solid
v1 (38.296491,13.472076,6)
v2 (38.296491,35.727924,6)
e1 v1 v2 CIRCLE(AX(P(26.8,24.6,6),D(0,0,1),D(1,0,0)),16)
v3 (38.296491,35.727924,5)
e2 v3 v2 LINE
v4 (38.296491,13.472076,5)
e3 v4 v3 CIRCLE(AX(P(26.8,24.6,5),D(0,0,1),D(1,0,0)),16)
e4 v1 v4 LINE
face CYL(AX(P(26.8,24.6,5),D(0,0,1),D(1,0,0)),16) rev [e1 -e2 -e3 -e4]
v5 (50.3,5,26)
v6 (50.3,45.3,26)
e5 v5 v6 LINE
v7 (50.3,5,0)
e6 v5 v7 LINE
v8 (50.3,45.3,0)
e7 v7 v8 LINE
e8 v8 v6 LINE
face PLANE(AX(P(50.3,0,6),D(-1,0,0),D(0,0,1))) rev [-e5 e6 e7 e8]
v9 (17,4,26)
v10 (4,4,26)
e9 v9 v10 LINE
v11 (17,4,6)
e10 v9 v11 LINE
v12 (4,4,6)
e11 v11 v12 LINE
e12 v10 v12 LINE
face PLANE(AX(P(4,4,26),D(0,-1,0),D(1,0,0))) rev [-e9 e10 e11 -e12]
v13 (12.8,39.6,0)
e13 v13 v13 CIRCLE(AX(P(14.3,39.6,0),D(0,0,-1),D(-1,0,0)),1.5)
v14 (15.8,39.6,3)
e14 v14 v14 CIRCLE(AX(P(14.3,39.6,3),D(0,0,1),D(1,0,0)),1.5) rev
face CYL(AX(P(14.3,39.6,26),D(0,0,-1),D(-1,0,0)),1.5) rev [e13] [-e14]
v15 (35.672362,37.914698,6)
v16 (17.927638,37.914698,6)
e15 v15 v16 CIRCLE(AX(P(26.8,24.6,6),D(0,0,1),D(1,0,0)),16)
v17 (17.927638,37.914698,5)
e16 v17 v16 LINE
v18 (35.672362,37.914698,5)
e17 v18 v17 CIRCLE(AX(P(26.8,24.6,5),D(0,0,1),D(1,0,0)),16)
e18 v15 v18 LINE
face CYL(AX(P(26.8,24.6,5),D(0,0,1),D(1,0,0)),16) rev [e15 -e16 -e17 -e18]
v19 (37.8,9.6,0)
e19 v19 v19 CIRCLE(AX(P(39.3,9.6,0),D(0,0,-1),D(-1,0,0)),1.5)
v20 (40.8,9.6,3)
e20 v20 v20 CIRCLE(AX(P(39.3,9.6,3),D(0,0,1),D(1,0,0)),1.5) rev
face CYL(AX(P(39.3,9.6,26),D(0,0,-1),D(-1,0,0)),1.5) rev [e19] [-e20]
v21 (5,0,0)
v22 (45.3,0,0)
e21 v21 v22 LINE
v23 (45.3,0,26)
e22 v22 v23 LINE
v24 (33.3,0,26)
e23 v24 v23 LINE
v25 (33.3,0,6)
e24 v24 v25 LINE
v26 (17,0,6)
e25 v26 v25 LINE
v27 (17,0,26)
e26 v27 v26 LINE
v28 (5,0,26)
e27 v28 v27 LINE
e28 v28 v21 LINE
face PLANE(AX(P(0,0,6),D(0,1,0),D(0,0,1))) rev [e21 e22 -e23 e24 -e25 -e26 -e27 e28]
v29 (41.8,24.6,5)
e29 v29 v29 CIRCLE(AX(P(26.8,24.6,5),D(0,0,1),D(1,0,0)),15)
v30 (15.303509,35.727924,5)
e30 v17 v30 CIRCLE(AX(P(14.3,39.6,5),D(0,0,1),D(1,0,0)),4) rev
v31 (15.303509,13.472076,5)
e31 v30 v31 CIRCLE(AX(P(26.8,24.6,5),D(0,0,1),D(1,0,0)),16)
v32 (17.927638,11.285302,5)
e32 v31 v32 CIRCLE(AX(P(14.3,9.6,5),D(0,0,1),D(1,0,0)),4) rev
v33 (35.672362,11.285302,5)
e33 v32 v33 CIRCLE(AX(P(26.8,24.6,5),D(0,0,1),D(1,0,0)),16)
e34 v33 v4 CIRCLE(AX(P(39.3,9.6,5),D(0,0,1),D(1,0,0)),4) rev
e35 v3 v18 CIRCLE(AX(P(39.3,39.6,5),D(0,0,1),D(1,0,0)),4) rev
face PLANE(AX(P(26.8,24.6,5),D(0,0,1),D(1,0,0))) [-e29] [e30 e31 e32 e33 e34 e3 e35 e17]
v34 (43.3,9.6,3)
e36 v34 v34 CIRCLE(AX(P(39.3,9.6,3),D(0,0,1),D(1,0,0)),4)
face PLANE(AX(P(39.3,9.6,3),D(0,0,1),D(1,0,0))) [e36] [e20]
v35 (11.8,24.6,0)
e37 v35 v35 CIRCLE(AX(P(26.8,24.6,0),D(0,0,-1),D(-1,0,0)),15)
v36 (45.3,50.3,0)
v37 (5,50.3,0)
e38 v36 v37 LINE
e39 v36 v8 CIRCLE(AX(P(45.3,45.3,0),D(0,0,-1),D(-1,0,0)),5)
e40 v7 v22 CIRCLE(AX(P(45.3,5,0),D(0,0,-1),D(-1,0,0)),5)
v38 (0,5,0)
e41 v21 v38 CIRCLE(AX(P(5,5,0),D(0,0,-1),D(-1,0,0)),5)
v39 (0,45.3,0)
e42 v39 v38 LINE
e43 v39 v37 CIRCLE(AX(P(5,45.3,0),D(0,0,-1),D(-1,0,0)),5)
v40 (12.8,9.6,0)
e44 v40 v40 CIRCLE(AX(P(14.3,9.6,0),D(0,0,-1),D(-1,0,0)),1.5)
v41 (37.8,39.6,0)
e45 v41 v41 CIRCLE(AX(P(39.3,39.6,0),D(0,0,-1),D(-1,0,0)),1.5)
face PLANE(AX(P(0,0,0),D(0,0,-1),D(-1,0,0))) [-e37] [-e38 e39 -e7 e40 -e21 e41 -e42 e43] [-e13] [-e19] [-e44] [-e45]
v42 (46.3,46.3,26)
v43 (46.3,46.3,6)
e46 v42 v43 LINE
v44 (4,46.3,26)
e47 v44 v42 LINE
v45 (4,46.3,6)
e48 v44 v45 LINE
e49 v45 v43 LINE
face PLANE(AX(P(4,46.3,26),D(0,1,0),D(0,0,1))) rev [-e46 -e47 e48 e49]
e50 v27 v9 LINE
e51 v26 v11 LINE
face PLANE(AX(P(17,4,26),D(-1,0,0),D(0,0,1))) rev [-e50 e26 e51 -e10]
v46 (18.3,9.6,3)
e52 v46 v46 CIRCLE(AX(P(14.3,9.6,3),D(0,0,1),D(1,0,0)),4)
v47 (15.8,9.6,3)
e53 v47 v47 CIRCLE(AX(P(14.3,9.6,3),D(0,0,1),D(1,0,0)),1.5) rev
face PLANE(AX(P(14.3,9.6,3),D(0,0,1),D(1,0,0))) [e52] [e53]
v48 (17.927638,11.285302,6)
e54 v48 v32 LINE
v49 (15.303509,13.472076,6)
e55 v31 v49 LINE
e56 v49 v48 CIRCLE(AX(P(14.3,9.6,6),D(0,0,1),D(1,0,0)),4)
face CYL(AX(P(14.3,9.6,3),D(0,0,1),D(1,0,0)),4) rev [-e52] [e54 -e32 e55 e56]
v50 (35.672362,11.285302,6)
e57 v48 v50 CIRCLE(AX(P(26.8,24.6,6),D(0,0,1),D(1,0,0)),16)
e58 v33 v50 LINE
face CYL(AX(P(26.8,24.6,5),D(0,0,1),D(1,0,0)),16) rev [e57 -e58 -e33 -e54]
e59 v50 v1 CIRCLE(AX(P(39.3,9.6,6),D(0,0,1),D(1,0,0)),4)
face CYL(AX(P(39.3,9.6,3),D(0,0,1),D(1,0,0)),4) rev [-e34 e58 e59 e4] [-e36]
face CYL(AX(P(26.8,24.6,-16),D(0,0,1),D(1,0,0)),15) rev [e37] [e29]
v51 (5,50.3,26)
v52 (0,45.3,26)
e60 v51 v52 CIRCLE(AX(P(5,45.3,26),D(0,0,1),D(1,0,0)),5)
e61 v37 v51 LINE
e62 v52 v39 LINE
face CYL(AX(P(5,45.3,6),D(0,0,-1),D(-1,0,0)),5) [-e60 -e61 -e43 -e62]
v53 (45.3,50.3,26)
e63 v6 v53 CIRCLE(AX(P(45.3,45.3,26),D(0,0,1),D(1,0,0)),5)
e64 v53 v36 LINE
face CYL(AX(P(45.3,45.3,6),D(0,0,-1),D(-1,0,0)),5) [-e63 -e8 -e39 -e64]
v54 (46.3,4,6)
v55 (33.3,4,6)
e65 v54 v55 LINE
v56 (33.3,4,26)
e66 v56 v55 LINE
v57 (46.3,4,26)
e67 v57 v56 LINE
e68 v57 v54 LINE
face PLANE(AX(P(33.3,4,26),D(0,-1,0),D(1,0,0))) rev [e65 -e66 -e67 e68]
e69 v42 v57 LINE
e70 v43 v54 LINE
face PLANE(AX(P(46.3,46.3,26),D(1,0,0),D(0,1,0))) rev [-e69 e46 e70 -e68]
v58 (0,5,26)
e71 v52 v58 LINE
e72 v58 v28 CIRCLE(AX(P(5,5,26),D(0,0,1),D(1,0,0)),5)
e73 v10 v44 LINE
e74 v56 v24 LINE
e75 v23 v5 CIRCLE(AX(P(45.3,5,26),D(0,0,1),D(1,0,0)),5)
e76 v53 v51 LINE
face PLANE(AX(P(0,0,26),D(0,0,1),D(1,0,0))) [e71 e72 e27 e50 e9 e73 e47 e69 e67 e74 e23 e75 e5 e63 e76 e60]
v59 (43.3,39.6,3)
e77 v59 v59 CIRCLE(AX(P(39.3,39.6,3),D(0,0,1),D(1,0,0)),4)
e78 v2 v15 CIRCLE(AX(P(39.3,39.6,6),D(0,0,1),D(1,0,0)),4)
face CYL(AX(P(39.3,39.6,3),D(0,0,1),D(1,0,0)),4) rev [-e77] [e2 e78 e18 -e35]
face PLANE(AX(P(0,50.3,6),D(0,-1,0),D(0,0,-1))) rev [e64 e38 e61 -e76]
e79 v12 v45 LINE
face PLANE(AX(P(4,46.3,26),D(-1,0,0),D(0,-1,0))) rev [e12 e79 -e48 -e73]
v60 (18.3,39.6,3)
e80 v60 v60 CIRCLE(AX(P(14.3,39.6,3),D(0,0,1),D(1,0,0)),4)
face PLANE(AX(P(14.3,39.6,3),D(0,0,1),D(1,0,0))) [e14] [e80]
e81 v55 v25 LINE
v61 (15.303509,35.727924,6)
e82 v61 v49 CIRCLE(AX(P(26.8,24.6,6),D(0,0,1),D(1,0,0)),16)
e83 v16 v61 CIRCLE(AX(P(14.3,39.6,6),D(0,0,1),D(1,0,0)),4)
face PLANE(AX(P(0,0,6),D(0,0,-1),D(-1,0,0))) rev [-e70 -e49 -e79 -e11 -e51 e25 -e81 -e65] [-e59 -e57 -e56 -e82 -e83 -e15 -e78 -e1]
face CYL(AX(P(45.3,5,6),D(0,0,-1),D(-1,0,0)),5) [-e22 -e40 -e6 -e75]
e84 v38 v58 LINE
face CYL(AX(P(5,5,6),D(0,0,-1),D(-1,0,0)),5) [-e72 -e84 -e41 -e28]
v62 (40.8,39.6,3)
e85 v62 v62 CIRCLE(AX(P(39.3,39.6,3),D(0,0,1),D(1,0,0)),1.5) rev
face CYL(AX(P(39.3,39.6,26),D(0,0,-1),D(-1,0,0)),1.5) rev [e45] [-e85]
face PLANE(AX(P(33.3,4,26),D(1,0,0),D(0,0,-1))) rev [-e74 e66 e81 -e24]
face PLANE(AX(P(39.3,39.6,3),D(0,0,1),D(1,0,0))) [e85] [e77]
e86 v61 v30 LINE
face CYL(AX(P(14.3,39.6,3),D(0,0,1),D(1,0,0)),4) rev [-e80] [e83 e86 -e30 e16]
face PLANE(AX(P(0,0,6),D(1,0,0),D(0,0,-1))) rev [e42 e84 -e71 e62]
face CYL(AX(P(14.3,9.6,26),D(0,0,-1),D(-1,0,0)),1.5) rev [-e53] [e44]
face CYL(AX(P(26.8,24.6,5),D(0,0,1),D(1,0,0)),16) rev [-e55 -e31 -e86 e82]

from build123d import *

# Parameters (mm, degrees)
ESQUISSE1_W             = 50.3
ESQUISSE1_H             = 50.3
BOSS_EXTRU_1_DEPTH      = 6
BOSS_EXTRU_2_DEPTH      = 20
ESQUISSE3_R             = 1.5
ENL_V_MAT_EXTRU_1_DEPTH = 76.737573238
CONG_2_R                = 5
ESQUISSE4_R             = 4
ENL_V_MAT_EXTRU_2_DEPTH = 3
CONG_6_R                = 5
ESQUISSE5_R             = 16
ENL_V_MAT_EXTRU_3_DEPTH = 1
ESQUISSE6_R             = 15
ENL_V_MAT_EXTRU_4_DEPTH = 21


with BuildPart() as part:
    # Esquisse1 → Boss.-Extru.1 (new body)
    with BuildSketch(Plane.XY):
        with Locations((25.15, 25.15)):
            Rectangle(ESQUISSE1_W, ESQUISSE1_H)
    extrude(amount=BOSS_EXTRU_1_DEPTH)

    # Esquisse2 → Boss.-Extru.2 (add)
    with BuildSketch(Plane.XY.offset(6)):
        Polygon((4, 46.3), (46.3, 46.3), (46.3, 4), (33.3, 4), (33.3, 0), (50.3, 0), (50.3, 50.3), (0, 50.3), (0, 0), (17, 0), (17, 4), (4, 4), align=None)
    extrude(amount=BOSS_EXTRU_2_DEPTH)

    # Esquisse3 → Enlèv. mat.-Extru.1 (cut, through all)
    with BuildSketch(Plane(origin=(0, 0, 0), x_dir=(-1, 0, 0), z_dir=(0, 0, -1))):
        with Locations((-39.3, 39.6)):
            Circle(ESQUISSE3_R)
        with Locations((-14.3, 39.6)):
            Circle(ESQUISSE3_R)
        with Locations((-14.3, 9.6)):
            Circle(ESQUISSE3_R)
        with Locations((-39.3, 9.6)):
            Circle(ESQUISSE3_R)
    extrude(amount=-ENL_V_MAT_EXTRU_1_DEPTH, mode=Mode.SUBTRACT)

    # Congé2
    cong_2_edges = [part.edges().sort_by_distance(p)[0] for p in [
        (0, 50.3, 13),
    ]]
    fillet(cong_2_edges, radius=CONG_2_R)

    # Esquisse4 → Enlèv. mat.-Extru.2 (cut)
    with BuildSketch(Plane.XY.offset(6)):
        with Locations((14.3, 39.6)):
            Circle(ESQUISSE4_R)
        with Locations((39.3, 39.6)):
            Circle(ESQUISSE4_R)
        with Locations((39.3, 9.6)):
            Circle(ESQUISSE4_R)
        with Locations((14.3, 9.6)):
            Circle(ESQUISSE4_R)
    extrude(amount=-ENL_V_MAT_EXTRU_2_DEPTH, mode=Mode.SUBTRACT)

    # Congé6
    cong_6_edges = [part.edges().sort_by_distance(p)[0] for p in [
        (50.3, 50.3, 13),
        (50.3, 0, 13),
        (0, 0, 13),
    ]]
    fillet(cong_6_edges, radius=CONG_6_R)

    # Esquisse5 → Enlèv. mat.-Extru.3 (cut)
    with BuildSketch(Plane.XY.offset(6)):
        with Locations((26.8, 24.6)):
            Circle(ESQUISSE5_R)
    extrude(amount=-ENL_V_MAT_EXTRU_3_DEPTH, mode=Mode.SUBTRACT)

    # Esquisse6 → Enlèv. mat.-Extru.4 (cut)
    with BuildSketch(Plane.XY.offset(5)):
        with Locations((26.8, 24.6)):
            Circle(ESQUISSE6_R)
    extrude(amount=-ENL_V_MAT_EXTRU_4_DEPTH, mode=Mode.SUBTRACT)


solid = part.part
